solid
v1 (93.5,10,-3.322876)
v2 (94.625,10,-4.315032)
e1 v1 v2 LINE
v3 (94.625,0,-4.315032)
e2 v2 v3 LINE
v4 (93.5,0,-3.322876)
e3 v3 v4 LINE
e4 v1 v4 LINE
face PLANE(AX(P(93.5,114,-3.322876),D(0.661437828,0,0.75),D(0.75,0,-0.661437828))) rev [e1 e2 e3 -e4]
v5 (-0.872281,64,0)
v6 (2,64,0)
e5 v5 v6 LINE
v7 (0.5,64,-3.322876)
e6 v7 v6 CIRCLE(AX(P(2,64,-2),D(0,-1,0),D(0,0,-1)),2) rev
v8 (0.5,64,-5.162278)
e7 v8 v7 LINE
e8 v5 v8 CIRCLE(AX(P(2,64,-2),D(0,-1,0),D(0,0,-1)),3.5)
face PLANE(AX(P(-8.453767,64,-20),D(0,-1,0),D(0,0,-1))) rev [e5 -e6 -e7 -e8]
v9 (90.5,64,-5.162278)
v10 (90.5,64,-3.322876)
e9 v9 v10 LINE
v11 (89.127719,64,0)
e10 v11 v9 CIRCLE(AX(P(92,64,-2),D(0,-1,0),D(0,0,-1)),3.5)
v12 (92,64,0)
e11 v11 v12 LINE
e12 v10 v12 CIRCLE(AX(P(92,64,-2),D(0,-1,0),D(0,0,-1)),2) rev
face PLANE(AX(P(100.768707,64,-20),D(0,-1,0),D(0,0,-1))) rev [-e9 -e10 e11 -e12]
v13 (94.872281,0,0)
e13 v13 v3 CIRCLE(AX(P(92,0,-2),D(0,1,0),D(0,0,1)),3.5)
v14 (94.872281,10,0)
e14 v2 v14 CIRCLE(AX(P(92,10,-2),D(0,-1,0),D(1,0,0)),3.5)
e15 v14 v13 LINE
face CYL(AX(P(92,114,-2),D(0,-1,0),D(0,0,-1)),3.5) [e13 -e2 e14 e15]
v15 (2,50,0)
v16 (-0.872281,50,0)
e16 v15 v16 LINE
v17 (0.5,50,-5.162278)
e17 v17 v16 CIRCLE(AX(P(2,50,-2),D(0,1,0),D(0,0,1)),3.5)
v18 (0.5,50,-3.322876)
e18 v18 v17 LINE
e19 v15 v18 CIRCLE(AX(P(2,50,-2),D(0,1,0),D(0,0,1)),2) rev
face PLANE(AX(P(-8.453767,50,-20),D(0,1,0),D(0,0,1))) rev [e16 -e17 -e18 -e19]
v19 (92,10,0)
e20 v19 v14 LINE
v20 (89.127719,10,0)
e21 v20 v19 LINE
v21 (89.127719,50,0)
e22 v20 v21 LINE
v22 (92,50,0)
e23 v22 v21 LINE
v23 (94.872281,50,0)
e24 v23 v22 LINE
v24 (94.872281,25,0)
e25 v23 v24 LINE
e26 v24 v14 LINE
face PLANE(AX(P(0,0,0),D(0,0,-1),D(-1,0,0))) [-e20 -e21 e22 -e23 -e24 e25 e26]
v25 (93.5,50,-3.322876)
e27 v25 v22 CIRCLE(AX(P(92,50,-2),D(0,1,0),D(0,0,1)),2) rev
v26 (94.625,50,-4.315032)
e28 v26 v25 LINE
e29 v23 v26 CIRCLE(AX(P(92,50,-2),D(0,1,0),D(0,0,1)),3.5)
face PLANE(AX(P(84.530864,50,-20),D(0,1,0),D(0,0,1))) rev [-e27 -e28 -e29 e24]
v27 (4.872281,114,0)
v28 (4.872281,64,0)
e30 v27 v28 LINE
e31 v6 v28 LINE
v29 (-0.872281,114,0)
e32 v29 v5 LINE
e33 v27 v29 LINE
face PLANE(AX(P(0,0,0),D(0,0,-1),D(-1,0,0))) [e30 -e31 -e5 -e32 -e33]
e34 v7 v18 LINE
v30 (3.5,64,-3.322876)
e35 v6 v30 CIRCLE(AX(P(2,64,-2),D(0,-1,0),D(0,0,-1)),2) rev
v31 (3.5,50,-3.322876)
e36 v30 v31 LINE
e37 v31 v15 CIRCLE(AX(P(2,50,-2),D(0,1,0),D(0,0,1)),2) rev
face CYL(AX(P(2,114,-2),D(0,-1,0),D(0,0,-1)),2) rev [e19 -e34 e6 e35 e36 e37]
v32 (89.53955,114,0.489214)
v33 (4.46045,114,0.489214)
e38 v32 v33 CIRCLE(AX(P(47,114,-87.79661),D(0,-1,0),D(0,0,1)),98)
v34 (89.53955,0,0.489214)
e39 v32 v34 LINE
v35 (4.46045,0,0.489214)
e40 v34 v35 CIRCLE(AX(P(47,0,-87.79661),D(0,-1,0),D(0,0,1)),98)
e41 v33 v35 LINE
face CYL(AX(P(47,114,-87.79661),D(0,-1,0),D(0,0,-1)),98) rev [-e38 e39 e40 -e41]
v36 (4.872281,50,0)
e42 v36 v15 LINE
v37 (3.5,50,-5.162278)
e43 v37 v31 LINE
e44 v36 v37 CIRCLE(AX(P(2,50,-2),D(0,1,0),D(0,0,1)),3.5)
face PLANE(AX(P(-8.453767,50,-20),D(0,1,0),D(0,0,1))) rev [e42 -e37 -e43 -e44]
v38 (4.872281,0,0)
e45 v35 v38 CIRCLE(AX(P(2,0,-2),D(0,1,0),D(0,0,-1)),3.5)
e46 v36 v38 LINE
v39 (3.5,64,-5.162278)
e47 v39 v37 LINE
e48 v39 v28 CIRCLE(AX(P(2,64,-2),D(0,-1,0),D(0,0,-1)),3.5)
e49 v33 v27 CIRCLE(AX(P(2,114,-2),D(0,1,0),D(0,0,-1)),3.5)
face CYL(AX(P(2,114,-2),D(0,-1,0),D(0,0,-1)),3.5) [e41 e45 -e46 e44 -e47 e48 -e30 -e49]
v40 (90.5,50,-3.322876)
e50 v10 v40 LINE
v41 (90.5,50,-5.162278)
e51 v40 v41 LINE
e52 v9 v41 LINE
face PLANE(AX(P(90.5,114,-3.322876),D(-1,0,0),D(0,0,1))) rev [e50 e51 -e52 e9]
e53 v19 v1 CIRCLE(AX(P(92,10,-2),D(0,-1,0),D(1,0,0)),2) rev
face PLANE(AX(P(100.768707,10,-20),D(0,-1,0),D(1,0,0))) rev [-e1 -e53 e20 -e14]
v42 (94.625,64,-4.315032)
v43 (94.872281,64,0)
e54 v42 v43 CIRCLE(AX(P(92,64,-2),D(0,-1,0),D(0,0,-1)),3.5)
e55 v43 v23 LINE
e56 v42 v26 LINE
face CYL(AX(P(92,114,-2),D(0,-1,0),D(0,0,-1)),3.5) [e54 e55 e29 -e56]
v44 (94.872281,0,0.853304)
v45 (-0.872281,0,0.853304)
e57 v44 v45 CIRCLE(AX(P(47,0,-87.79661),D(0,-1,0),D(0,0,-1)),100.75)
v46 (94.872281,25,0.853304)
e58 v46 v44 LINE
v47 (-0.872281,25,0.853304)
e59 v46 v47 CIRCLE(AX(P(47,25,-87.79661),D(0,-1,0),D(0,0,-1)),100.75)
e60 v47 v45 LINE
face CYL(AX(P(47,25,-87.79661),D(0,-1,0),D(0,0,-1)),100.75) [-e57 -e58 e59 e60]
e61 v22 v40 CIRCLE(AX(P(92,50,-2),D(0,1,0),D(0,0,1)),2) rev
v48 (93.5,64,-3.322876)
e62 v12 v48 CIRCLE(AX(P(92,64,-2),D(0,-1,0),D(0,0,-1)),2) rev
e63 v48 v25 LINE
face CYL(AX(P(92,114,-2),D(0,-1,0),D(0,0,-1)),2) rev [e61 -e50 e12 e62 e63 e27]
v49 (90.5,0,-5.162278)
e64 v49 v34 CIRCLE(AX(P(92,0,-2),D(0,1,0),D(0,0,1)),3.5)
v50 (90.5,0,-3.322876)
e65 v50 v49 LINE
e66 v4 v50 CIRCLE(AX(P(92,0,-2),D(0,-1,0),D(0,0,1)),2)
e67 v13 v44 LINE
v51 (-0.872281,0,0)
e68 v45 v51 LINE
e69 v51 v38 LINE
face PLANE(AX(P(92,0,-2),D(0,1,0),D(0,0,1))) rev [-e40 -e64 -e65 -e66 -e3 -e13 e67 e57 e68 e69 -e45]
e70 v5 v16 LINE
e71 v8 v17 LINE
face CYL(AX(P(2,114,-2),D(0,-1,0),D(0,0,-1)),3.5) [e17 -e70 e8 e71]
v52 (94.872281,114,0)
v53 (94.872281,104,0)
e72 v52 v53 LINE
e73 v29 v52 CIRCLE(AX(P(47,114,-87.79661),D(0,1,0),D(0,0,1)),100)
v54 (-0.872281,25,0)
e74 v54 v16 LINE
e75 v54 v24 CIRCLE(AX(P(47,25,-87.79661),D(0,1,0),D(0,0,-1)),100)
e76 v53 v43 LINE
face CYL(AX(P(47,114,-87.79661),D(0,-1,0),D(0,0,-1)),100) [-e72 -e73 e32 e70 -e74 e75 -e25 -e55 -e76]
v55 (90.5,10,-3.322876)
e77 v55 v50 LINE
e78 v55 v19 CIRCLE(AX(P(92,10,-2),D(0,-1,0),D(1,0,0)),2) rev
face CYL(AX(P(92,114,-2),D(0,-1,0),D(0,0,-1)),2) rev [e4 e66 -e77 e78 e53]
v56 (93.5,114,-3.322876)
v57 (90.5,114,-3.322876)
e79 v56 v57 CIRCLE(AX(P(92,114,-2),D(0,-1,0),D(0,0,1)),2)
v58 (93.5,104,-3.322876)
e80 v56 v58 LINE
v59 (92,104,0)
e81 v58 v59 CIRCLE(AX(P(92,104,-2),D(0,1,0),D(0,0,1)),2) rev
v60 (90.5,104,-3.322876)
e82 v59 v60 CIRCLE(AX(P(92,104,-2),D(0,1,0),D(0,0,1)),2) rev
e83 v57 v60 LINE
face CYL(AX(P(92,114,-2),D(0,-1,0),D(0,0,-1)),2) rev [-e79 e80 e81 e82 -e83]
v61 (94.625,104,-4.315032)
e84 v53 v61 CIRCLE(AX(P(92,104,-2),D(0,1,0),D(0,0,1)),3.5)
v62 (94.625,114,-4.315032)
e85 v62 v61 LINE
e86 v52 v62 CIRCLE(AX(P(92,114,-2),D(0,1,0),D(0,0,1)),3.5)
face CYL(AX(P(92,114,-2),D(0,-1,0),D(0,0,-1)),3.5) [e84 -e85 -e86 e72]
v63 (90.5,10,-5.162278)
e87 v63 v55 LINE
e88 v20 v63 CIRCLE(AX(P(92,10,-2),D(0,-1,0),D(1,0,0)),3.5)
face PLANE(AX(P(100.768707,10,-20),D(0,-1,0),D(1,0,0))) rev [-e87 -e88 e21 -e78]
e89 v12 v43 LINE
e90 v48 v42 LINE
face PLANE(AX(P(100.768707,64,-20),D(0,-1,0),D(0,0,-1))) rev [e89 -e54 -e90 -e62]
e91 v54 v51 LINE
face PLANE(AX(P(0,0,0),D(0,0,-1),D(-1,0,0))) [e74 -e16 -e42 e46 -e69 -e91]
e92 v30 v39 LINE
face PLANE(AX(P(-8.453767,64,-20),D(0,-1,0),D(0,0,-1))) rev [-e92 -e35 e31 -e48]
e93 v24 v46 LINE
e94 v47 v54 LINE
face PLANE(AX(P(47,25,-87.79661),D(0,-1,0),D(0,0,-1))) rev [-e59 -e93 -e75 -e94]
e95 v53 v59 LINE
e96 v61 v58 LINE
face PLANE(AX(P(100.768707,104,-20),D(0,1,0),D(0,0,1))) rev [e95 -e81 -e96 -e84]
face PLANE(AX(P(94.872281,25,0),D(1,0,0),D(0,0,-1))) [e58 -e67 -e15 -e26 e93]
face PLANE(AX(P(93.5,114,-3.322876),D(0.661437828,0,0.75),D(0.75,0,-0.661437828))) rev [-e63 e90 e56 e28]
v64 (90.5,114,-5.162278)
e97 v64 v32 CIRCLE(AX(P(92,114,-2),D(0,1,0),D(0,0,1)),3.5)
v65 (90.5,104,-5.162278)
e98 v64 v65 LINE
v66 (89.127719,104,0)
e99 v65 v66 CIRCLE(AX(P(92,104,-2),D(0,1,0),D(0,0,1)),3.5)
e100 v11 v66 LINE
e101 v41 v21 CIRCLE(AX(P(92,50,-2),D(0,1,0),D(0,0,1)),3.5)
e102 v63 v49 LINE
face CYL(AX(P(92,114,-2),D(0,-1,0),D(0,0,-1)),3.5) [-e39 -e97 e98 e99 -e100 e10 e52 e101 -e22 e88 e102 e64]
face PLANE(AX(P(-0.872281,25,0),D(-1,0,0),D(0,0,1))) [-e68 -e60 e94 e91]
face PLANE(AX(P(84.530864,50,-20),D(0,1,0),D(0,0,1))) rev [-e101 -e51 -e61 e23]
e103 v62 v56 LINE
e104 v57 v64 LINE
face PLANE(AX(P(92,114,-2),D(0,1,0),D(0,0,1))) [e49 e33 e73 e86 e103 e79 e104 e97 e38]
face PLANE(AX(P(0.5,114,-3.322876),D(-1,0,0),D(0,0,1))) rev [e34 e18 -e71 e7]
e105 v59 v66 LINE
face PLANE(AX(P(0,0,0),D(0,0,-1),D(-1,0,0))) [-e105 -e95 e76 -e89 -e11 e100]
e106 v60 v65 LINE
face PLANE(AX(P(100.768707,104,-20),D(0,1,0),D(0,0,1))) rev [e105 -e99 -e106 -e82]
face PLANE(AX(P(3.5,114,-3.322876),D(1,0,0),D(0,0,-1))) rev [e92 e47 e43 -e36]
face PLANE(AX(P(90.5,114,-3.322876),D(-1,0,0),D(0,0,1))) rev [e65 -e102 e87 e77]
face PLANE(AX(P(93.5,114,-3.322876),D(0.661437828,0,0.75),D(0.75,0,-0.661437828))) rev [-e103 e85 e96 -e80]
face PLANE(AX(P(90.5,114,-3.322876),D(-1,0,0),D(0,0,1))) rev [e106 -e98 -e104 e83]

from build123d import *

# Parameters (mm, degrees)
EXTRUDE_1_DEPTH     = 114
EXTRUDE_2_DEPTH     = 25
SKETCH_4_W          = 16.237843285
SKETCH_4_H          = 40
SKETCH_4_W_2        = 18.842025699
SKETCH_4_H_2        = 50
SKETCH_4_W_3        = 19.914336105
CUT_EXTRUDE_1_DEPTH = 20


with BuildPart() as part:
    # 草图1 → 凸台-拉伸1 (new body)
    with BuildSketch(Plane(origin=(0, 0, 0), x_dir=(1, 0, 0), z_dir=(0, 1, 0))):
        with BuildLine():
            Line((90.5, 3.322875656), (90.5, 5.16227766))
            ThreePointArc((90.5, 5.16227766), (88.549473904, 2.586404006), (89.539550125, -0.489214015))
            ThreePointArc((89.539550125, -0.489214015), (47, -10.203390265), (4.460449875, -0.489214015))
            ThreePointArc((4.460449875, -0.489214015), (5.450526096, 2.586404006), (3.5, 5.16227766))
            Line((3.5, 5.16227766), (3.5, 3.322875656))
            ThreePointArc((3.5, 3.322875656), (2, 0), (0.5, 3.322875656))
            Line((0.5, 3.322875656), (0.5, 5.16227766))
            ThreePointArc((0.5, 5.16227766), (-1.382526963, 2.89917259), (-0.872281323, 0))
            ThreePointArc((-0.872281323, 0), (47, -12.203390265), (94.872281323, 0))
            ThreePointArc((94.872281323, 0), (95.494266967, 2.200245764), (94.625, 4.315032397))
            Line((94.625, 4.315032397), (93.5, 3.322875656))
            ThreePointArc((93.5, 3.322875656), (92, 0), (90.5, 3.322875656))
        make_face()
    extrude(amount=EXTRUDE_1_DEPTH)

    # 草图3 → 凸台-拉伸2 (add)
    with BuildSketch(Plane.XZ):
        with BuildLine():
            Line((-0.872281323, 0), (-0.872281323, 0.853303863))
            ThreePointArc((-0.872281323, 0.853303863), (47, 12.953390265), (94.872281323, 0.853303863))
            Line((94.872281323, 0.853303863), (94.872281323, 0))
            ThreePointArc((94.872281323, 0), (47, 12.203390265), (-0.872281323, 0))
        make_face()
    extrude(amount=-EXTRUDE_2_DEPTH)

    # 草图4 → 切除-拉伸1 (cut)
    with BuildSketch(Plane.XY):
        with Locations((92.649785841, 84)):
            Rectangle(SKETCH_4_W, SKETCH_4_H)
        with Locations((92.649785841, 30)):
            Rectangle(SKETCH_4_W, SKETCH_4_H)
        with Locations((0.967246157, 89)):
            Rectangle(SKETCH_4_W_2, SKETCH_4_H_2)
        with Locations((1.50340136, 25)):
            Rectangle(SKETCH_4_W_3, SKETCH_4_H_2)
    extrude(amount=-CUT_EXTRUDE_1_DEPTH, mode=Mode.SUBTRACT)


solid = part.part
